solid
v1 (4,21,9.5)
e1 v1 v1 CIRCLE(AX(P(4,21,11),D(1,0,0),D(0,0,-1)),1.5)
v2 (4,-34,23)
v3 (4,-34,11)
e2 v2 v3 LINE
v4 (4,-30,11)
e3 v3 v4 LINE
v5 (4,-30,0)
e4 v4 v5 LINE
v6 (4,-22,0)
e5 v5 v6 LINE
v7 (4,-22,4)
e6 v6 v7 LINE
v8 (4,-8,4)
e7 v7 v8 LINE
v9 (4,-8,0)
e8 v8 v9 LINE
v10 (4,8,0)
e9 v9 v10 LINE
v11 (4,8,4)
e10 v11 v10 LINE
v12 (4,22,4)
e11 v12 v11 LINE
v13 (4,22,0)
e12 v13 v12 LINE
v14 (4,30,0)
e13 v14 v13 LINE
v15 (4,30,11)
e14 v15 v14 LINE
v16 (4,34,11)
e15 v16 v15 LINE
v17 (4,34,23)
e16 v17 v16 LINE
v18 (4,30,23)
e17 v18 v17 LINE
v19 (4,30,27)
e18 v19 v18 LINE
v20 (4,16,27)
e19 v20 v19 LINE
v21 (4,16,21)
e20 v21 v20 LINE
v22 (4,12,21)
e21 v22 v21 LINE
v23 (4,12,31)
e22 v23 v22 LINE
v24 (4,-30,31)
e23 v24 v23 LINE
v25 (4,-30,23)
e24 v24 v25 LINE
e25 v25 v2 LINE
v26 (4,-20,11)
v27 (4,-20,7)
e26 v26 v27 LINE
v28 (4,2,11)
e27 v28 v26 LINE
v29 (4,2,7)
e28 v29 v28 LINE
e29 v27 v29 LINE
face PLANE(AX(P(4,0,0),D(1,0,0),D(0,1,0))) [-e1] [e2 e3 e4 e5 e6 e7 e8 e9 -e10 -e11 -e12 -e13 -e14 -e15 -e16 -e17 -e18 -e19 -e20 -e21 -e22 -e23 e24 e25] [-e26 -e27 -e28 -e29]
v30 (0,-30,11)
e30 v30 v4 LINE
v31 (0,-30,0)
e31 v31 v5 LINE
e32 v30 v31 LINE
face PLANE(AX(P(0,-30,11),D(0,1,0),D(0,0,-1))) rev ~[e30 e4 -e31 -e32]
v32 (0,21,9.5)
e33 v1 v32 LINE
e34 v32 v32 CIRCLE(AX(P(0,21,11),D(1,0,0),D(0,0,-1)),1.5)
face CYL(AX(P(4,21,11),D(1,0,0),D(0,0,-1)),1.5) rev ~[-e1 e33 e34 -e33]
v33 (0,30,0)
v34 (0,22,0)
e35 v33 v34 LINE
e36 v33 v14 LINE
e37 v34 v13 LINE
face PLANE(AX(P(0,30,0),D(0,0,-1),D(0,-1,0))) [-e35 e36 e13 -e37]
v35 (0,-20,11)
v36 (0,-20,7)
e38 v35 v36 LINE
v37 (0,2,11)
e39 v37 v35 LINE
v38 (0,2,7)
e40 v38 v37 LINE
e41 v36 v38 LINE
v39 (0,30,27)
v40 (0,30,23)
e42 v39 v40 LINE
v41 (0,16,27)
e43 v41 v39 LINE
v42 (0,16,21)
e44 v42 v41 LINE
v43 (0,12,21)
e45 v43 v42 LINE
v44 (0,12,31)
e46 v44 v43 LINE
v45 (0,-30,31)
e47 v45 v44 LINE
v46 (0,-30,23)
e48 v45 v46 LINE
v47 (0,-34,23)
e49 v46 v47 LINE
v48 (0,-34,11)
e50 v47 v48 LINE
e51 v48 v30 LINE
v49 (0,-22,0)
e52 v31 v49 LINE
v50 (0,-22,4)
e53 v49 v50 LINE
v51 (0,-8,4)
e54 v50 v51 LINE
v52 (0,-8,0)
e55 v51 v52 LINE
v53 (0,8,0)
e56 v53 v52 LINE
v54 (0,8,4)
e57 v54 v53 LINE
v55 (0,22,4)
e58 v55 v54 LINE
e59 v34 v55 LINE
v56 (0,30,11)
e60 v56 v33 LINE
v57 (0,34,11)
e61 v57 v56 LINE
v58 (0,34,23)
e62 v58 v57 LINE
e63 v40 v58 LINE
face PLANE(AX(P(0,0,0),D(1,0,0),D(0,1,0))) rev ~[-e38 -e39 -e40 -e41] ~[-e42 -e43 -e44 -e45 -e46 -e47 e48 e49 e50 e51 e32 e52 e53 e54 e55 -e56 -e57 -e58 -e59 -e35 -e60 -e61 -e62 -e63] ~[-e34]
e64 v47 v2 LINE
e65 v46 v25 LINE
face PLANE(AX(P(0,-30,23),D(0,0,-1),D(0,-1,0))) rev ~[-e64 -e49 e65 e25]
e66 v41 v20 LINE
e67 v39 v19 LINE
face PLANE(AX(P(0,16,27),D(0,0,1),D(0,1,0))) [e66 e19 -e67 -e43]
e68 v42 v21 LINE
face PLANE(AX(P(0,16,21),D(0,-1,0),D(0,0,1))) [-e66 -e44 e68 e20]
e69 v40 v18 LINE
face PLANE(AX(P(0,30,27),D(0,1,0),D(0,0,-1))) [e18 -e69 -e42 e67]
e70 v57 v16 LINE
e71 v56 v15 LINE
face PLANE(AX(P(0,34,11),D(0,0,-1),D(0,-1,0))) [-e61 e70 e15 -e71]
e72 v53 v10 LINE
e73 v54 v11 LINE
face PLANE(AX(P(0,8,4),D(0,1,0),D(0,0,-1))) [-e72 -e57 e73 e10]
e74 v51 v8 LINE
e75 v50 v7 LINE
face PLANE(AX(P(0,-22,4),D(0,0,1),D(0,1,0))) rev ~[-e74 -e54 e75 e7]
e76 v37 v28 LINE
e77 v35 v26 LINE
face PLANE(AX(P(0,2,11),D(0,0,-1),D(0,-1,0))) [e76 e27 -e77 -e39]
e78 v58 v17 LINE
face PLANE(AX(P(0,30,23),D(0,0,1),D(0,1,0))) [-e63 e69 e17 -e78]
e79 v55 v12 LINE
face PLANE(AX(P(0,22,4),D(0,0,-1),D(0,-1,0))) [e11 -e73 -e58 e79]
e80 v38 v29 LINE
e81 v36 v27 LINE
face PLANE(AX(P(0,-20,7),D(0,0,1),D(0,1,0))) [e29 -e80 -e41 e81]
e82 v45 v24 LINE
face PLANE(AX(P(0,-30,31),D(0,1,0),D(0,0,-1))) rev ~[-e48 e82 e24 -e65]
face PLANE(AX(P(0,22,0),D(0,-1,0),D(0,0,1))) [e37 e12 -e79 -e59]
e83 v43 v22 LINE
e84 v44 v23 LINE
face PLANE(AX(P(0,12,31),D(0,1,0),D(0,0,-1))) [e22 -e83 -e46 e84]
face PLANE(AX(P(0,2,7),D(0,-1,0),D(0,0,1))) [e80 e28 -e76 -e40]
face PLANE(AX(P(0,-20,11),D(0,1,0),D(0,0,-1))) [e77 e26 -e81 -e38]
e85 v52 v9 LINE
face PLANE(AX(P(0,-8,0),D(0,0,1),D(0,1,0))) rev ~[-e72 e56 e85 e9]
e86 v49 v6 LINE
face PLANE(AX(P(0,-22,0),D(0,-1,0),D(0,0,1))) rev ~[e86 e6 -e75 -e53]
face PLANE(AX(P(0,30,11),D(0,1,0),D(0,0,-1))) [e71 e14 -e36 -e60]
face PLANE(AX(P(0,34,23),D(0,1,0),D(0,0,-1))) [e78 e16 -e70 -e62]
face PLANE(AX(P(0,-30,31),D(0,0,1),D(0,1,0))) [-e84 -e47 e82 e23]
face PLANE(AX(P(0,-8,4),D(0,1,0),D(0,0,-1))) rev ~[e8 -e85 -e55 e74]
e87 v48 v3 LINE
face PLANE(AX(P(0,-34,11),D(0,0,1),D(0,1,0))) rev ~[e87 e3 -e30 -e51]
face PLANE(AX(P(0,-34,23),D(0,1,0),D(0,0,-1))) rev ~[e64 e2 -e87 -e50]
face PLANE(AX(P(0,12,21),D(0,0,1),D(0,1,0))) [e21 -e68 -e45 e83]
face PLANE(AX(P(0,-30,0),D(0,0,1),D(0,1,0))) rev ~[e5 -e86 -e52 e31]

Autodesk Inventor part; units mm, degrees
ref_plane "YZ Plane" through (0, 0, 0) normal (1, 0, 0) x (0, 1, 0)
ref_plane "XZ Plane" through (0, 0, 0) normal (0, 1, 0) x (-1, 0, 0)
ref_plane "XY Plane" through (0, 0, 0) normal (0, 0, 1) x (1, 0, 0)
sketch "Эскиз2" plane through (0, 0, 0) normal (1, 0, 0) x (0, 1, 0)
  line L0 (-30, 31) -> (-30, 23)
  line L1 (-30, 23) -> (-34, 23)
  line L2 (-34, 23) -> (-34, 11)
  line L3 (-34, 11) -> (-30, 11)
  line L4 (-30, 11) -> (-30, 0)
  line L5 (-30, 0) -> (-22, 0)
  line L6 (-22, 0) -> (-22, 4)
  line L7 (-22, 4) -> (-8, 4)
  line L8 (-8, 4) -> (-8, 0)
  line L9 (-8, 0) -> (0, 0)
  line L10 (0, 0) -> (0, 31) construction
  line L11 (30, 23) -> (34, 23)
  line L12 (34, 23) -> (34, 11)
  line L13 (34, 11) -> (30, 11)
  line L14 (30, 11) -> (30, 0)
  line L15 (30, 0) -> (22, 0)
  line L16 (22, 0) -> (22, 4)
  line L17 (22, 4) -> (8, 4)
  line L18 (8, 4) -> (8, 0)
  line L19 (8, 0) -> (0, 0)
  line L20 (-20, 7) -> (2, 7)
  line L21 (2, 7) -> (2, 11)
  line L22 (2, 11) -> (-20, 11)
  line L23 (-20, 11) -> (-20, 7)
  line L24 (-30, 31) -> (12, 31)
  line L25 (12, 31) -> (12, 21)
  line L26 (12, 21) -> (16, 21)
  line L27 (16, 21) -> (16, 27)
  line L28 (16, 27) -> (30, 27)
  line L29 (30, 27) -> (30, 23)
  point P0 (0, 0)
  dimension "d0" = 4
  dimension "d1" = 12
  dimension "d2" = 8
  dimension "d4" = 11
  dimension "d5" = 60
  dimension "d6" = 14
  dimension "d7" = 16
  dimension "d8" = 10
  dimension "d9" = 22
  dimension "d10" = 7
  dimension "d13" = 42
  dimension "d15" = 10
  dimension "d16" = 4
extrude "Выдавливание1" add sketch "Эскиз2" along normal blind 4
sketch "Эскиз3" plane through (4, 0, 0) normal (1, 0, 0) x (0, 0, -1)
  circle A0 centre (-11, 21) radius 1.5
  line L0 (-27, 30) -> (-27, 16) projected
  line L1 (0, 30) -> (-11, 30) projected
  point P0 (0, 0)
  dimension "d17" = 16
  dimension "d18" = 9
  dimension "d19" = 3
extrude "Выдавливание2" cut sketch "Эскиз3" against normal through all
properties part number "batBack" material "Дерево (береза)"
